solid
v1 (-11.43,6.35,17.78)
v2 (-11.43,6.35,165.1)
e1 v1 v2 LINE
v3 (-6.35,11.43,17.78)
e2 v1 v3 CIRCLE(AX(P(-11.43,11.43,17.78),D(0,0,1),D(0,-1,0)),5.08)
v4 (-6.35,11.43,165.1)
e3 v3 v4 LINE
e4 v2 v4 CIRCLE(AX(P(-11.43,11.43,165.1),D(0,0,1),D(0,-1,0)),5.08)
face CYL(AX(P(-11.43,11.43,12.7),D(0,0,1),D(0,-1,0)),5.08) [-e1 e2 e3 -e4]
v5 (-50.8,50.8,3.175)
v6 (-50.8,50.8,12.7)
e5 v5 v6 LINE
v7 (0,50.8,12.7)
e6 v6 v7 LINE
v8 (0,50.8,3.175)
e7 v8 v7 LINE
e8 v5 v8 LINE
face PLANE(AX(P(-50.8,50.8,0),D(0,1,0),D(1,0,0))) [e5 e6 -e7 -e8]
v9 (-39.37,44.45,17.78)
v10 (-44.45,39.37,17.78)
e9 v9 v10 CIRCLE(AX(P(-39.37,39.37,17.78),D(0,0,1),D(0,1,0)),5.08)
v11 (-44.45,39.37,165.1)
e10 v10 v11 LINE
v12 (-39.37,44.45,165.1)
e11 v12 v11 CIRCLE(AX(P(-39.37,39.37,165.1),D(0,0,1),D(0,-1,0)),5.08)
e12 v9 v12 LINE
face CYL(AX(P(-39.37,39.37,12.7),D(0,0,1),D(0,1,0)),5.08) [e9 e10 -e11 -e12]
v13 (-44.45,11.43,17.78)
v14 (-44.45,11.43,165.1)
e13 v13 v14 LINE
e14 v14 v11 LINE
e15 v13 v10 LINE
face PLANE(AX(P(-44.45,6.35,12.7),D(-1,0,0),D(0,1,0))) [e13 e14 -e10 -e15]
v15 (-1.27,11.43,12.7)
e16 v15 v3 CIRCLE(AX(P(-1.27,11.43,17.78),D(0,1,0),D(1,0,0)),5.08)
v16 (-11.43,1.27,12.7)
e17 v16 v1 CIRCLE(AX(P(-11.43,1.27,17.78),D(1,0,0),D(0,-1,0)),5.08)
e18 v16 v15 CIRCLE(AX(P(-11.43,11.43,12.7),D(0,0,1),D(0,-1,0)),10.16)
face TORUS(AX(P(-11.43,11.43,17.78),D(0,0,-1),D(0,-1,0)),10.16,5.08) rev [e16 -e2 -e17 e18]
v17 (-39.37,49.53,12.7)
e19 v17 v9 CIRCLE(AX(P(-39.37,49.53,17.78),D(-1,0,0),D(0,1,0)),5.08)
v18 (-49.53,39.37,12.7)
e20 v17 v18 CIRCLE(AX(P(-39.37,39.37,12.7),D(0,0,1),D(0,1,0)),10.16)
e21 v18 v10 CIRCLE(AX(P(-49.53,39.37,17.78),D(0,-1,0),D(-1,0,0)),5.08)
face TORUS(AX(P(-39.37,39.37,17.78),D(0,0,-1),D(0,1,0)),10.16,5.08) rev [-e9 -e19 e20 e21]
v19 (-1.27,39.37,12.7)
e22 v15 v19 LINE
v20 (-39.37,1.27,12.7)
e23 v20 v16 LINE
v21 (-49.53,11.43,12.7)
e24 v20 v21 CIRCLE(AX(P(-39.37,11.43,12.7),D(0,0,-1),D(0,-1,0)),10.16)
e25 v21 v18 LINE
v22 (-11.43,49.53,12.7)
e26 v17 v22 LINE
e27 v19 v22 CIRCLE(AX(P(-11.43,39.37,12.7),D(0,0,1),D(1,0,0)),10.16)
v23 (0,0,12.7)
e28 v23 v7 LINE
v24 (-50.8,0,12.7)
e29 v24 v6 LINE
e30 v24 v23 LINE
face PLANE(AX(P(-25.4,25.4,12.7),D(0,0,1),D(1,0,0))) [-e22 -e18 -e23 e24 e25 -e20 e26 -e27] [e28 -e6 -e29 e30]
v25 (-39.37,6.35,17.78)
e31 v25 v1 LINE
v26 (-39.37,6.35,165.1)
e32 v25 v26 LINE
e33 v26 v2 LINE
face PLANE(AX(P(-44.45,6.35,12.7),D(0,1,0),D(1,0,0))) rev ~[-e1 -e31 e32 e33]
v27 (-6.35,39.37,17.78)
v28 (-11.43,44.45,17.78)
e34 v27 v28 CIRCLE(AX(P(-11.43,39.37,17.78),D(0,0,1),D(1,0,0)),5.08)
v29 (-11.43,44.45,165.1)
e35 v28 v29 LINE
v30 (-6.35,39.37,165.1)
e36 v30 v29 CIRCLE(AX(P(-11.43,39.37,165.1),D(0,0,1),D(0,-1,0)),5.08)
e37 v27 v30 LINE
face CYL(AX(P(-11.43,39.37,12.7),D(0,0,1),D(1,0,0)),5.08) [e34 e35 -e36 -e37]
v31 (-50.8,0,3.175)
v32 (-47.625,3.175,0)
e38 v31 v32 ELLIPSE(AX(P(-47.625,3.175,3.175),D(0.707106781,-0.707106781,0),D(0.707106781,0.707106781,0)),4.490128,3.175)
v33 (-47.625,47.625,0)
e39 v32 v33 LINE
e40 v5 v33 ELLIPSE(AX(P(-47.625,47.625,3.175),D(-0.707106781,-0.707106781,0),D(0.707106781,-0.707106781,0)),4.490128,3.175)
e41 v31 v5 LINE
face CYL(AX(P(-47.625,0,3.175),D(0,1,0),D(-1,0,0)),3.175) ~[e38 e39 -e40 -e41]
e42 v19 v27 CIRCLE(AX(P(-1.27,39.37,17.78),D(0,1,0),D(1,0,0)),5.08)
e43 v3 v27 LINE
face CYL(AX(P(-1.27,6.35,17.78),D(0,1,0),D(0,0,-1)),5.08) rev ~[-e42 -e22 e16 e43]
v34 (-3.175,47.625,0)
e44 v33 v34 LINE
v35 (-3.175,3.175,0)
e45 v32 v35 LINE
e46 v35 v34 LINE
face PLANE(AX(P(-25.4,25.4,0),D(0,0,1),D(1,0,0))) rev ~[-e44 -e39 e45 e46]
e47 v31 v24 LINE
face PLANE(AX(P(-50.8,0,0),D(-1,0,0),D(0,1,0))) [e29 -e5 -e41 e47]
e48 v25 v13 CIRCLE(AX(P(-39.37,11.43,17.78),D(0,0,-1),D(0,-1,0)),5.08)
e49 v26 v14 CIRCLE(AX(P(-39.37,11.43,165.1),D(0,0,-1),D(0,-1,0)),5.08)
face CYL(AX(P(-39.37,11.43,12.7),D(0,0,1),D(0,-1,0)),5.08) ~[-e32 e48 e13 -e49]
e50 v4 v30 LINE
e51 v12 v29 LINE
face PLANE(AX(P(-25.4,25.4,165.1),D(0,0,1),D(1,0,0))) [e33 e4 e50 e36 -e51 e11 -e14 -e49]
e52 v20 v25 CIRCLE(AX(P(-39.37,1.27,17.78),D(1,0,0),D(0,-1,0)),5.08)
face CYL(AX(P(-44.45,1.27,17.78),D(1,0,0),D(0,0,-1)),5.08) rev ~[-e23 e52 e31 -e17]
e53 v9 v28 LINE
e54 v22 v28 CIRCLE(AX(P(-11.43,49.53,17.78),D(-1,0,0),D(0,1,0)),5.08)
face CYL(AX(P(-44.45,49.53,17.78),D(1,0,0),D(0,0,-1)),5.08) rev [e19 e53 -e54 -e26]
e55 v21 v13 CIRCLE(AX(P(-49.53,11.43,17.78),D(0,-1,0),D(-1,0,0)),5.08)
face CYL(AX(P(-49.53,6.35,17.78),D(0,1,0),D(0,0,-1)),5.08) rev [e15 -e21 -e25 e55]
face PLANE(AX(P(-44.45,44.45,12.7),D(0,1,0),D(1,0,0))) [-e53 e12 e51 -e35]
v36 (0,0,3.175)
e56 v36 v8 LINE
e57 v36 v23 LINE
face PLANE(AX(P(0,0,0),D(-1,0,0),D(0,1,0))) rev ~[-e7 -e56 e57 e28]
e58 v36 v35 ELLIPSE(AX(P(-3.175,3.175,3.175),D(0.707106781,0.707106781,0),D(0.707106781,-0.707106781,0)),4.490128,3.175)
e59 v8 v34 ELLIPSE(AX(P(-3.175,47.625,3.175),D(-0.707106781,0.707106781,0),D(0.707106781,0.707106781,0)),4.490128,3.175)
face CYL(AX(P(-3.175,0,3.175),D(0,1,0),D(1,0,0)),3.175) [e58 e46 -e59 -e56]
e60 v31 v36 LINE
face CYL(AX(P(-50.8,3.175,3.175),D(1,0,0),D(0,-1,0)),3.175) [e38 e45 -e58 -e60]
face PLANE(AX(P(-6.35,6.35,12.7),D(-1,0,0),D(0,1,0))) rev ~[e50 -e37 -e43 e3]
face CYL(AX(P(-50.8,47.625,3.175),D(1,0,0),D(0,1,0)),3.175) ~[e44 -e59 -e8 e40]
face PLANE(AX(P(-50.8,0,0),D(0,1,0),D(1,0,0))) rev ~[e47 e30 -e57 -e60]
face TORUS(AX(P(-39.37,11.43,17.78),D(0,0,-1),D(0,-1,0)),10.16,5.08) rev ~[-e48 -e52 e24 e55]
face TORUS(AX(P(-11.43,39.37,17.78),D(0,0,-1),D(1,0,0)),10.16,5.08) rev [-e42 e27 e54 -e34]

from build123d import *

# Parameters (mm, degrees)
F0_W     = 50.8
F0_H     = 50.8
F1_DEPTH = 12.7
F2_W     = 38.1
F2_H     = 38.1
F3_DEPTH = 152.4
F4_R     = 5.08
F5_R     = 3.175


with BuildPart() as f1:
    # F0 (on Top) → F1 (new body)
    with BuildSketch(Plane.XY):
        with Locations((-25.4, 25.4)):
            Rectangle(F0_W, F0_H)
    extrude(amount=F1_DEPTH)

    # F2 (on face) → F3 (join)
    with BuildSketch(Plane.XY.offset(12.7)):
        with Locations((-25.4, 25.4)):
            Rectangle(F2_W, F2_H)
    extrude(amount=F3_DEPTH)

    # F4
    f4_edges = [f1.edges().sort_by_distance(p)[0] for p in [
        (-25.4, 6.35, 12.7),
        (-6.35, 25.4, 12.7),
        (-25.4, 44.45, 12.7),
        (-44.45, 25.4, 12.7),
        (-44.45, 44.45, 88.9),
        (-44.45, 6.35, 88.9),
        (-6.35, 6.35, 88.9),
        (-6.35, 44.45, 88.9),
    ]]
    fillet(f4_edges, radius=F4_R)

    # F5
    f5_edges = [f1.edges().sort_by_distance(p)[0] for p in [
        (-25.4, 0, 0),
        (0, 25.4, 0),
        (-25.4, 50.8, 0),
        (-50.8, 25.4, 0),
    ]]
    fillet(f5_edges, radius=F5_R)


solid = f1.part
